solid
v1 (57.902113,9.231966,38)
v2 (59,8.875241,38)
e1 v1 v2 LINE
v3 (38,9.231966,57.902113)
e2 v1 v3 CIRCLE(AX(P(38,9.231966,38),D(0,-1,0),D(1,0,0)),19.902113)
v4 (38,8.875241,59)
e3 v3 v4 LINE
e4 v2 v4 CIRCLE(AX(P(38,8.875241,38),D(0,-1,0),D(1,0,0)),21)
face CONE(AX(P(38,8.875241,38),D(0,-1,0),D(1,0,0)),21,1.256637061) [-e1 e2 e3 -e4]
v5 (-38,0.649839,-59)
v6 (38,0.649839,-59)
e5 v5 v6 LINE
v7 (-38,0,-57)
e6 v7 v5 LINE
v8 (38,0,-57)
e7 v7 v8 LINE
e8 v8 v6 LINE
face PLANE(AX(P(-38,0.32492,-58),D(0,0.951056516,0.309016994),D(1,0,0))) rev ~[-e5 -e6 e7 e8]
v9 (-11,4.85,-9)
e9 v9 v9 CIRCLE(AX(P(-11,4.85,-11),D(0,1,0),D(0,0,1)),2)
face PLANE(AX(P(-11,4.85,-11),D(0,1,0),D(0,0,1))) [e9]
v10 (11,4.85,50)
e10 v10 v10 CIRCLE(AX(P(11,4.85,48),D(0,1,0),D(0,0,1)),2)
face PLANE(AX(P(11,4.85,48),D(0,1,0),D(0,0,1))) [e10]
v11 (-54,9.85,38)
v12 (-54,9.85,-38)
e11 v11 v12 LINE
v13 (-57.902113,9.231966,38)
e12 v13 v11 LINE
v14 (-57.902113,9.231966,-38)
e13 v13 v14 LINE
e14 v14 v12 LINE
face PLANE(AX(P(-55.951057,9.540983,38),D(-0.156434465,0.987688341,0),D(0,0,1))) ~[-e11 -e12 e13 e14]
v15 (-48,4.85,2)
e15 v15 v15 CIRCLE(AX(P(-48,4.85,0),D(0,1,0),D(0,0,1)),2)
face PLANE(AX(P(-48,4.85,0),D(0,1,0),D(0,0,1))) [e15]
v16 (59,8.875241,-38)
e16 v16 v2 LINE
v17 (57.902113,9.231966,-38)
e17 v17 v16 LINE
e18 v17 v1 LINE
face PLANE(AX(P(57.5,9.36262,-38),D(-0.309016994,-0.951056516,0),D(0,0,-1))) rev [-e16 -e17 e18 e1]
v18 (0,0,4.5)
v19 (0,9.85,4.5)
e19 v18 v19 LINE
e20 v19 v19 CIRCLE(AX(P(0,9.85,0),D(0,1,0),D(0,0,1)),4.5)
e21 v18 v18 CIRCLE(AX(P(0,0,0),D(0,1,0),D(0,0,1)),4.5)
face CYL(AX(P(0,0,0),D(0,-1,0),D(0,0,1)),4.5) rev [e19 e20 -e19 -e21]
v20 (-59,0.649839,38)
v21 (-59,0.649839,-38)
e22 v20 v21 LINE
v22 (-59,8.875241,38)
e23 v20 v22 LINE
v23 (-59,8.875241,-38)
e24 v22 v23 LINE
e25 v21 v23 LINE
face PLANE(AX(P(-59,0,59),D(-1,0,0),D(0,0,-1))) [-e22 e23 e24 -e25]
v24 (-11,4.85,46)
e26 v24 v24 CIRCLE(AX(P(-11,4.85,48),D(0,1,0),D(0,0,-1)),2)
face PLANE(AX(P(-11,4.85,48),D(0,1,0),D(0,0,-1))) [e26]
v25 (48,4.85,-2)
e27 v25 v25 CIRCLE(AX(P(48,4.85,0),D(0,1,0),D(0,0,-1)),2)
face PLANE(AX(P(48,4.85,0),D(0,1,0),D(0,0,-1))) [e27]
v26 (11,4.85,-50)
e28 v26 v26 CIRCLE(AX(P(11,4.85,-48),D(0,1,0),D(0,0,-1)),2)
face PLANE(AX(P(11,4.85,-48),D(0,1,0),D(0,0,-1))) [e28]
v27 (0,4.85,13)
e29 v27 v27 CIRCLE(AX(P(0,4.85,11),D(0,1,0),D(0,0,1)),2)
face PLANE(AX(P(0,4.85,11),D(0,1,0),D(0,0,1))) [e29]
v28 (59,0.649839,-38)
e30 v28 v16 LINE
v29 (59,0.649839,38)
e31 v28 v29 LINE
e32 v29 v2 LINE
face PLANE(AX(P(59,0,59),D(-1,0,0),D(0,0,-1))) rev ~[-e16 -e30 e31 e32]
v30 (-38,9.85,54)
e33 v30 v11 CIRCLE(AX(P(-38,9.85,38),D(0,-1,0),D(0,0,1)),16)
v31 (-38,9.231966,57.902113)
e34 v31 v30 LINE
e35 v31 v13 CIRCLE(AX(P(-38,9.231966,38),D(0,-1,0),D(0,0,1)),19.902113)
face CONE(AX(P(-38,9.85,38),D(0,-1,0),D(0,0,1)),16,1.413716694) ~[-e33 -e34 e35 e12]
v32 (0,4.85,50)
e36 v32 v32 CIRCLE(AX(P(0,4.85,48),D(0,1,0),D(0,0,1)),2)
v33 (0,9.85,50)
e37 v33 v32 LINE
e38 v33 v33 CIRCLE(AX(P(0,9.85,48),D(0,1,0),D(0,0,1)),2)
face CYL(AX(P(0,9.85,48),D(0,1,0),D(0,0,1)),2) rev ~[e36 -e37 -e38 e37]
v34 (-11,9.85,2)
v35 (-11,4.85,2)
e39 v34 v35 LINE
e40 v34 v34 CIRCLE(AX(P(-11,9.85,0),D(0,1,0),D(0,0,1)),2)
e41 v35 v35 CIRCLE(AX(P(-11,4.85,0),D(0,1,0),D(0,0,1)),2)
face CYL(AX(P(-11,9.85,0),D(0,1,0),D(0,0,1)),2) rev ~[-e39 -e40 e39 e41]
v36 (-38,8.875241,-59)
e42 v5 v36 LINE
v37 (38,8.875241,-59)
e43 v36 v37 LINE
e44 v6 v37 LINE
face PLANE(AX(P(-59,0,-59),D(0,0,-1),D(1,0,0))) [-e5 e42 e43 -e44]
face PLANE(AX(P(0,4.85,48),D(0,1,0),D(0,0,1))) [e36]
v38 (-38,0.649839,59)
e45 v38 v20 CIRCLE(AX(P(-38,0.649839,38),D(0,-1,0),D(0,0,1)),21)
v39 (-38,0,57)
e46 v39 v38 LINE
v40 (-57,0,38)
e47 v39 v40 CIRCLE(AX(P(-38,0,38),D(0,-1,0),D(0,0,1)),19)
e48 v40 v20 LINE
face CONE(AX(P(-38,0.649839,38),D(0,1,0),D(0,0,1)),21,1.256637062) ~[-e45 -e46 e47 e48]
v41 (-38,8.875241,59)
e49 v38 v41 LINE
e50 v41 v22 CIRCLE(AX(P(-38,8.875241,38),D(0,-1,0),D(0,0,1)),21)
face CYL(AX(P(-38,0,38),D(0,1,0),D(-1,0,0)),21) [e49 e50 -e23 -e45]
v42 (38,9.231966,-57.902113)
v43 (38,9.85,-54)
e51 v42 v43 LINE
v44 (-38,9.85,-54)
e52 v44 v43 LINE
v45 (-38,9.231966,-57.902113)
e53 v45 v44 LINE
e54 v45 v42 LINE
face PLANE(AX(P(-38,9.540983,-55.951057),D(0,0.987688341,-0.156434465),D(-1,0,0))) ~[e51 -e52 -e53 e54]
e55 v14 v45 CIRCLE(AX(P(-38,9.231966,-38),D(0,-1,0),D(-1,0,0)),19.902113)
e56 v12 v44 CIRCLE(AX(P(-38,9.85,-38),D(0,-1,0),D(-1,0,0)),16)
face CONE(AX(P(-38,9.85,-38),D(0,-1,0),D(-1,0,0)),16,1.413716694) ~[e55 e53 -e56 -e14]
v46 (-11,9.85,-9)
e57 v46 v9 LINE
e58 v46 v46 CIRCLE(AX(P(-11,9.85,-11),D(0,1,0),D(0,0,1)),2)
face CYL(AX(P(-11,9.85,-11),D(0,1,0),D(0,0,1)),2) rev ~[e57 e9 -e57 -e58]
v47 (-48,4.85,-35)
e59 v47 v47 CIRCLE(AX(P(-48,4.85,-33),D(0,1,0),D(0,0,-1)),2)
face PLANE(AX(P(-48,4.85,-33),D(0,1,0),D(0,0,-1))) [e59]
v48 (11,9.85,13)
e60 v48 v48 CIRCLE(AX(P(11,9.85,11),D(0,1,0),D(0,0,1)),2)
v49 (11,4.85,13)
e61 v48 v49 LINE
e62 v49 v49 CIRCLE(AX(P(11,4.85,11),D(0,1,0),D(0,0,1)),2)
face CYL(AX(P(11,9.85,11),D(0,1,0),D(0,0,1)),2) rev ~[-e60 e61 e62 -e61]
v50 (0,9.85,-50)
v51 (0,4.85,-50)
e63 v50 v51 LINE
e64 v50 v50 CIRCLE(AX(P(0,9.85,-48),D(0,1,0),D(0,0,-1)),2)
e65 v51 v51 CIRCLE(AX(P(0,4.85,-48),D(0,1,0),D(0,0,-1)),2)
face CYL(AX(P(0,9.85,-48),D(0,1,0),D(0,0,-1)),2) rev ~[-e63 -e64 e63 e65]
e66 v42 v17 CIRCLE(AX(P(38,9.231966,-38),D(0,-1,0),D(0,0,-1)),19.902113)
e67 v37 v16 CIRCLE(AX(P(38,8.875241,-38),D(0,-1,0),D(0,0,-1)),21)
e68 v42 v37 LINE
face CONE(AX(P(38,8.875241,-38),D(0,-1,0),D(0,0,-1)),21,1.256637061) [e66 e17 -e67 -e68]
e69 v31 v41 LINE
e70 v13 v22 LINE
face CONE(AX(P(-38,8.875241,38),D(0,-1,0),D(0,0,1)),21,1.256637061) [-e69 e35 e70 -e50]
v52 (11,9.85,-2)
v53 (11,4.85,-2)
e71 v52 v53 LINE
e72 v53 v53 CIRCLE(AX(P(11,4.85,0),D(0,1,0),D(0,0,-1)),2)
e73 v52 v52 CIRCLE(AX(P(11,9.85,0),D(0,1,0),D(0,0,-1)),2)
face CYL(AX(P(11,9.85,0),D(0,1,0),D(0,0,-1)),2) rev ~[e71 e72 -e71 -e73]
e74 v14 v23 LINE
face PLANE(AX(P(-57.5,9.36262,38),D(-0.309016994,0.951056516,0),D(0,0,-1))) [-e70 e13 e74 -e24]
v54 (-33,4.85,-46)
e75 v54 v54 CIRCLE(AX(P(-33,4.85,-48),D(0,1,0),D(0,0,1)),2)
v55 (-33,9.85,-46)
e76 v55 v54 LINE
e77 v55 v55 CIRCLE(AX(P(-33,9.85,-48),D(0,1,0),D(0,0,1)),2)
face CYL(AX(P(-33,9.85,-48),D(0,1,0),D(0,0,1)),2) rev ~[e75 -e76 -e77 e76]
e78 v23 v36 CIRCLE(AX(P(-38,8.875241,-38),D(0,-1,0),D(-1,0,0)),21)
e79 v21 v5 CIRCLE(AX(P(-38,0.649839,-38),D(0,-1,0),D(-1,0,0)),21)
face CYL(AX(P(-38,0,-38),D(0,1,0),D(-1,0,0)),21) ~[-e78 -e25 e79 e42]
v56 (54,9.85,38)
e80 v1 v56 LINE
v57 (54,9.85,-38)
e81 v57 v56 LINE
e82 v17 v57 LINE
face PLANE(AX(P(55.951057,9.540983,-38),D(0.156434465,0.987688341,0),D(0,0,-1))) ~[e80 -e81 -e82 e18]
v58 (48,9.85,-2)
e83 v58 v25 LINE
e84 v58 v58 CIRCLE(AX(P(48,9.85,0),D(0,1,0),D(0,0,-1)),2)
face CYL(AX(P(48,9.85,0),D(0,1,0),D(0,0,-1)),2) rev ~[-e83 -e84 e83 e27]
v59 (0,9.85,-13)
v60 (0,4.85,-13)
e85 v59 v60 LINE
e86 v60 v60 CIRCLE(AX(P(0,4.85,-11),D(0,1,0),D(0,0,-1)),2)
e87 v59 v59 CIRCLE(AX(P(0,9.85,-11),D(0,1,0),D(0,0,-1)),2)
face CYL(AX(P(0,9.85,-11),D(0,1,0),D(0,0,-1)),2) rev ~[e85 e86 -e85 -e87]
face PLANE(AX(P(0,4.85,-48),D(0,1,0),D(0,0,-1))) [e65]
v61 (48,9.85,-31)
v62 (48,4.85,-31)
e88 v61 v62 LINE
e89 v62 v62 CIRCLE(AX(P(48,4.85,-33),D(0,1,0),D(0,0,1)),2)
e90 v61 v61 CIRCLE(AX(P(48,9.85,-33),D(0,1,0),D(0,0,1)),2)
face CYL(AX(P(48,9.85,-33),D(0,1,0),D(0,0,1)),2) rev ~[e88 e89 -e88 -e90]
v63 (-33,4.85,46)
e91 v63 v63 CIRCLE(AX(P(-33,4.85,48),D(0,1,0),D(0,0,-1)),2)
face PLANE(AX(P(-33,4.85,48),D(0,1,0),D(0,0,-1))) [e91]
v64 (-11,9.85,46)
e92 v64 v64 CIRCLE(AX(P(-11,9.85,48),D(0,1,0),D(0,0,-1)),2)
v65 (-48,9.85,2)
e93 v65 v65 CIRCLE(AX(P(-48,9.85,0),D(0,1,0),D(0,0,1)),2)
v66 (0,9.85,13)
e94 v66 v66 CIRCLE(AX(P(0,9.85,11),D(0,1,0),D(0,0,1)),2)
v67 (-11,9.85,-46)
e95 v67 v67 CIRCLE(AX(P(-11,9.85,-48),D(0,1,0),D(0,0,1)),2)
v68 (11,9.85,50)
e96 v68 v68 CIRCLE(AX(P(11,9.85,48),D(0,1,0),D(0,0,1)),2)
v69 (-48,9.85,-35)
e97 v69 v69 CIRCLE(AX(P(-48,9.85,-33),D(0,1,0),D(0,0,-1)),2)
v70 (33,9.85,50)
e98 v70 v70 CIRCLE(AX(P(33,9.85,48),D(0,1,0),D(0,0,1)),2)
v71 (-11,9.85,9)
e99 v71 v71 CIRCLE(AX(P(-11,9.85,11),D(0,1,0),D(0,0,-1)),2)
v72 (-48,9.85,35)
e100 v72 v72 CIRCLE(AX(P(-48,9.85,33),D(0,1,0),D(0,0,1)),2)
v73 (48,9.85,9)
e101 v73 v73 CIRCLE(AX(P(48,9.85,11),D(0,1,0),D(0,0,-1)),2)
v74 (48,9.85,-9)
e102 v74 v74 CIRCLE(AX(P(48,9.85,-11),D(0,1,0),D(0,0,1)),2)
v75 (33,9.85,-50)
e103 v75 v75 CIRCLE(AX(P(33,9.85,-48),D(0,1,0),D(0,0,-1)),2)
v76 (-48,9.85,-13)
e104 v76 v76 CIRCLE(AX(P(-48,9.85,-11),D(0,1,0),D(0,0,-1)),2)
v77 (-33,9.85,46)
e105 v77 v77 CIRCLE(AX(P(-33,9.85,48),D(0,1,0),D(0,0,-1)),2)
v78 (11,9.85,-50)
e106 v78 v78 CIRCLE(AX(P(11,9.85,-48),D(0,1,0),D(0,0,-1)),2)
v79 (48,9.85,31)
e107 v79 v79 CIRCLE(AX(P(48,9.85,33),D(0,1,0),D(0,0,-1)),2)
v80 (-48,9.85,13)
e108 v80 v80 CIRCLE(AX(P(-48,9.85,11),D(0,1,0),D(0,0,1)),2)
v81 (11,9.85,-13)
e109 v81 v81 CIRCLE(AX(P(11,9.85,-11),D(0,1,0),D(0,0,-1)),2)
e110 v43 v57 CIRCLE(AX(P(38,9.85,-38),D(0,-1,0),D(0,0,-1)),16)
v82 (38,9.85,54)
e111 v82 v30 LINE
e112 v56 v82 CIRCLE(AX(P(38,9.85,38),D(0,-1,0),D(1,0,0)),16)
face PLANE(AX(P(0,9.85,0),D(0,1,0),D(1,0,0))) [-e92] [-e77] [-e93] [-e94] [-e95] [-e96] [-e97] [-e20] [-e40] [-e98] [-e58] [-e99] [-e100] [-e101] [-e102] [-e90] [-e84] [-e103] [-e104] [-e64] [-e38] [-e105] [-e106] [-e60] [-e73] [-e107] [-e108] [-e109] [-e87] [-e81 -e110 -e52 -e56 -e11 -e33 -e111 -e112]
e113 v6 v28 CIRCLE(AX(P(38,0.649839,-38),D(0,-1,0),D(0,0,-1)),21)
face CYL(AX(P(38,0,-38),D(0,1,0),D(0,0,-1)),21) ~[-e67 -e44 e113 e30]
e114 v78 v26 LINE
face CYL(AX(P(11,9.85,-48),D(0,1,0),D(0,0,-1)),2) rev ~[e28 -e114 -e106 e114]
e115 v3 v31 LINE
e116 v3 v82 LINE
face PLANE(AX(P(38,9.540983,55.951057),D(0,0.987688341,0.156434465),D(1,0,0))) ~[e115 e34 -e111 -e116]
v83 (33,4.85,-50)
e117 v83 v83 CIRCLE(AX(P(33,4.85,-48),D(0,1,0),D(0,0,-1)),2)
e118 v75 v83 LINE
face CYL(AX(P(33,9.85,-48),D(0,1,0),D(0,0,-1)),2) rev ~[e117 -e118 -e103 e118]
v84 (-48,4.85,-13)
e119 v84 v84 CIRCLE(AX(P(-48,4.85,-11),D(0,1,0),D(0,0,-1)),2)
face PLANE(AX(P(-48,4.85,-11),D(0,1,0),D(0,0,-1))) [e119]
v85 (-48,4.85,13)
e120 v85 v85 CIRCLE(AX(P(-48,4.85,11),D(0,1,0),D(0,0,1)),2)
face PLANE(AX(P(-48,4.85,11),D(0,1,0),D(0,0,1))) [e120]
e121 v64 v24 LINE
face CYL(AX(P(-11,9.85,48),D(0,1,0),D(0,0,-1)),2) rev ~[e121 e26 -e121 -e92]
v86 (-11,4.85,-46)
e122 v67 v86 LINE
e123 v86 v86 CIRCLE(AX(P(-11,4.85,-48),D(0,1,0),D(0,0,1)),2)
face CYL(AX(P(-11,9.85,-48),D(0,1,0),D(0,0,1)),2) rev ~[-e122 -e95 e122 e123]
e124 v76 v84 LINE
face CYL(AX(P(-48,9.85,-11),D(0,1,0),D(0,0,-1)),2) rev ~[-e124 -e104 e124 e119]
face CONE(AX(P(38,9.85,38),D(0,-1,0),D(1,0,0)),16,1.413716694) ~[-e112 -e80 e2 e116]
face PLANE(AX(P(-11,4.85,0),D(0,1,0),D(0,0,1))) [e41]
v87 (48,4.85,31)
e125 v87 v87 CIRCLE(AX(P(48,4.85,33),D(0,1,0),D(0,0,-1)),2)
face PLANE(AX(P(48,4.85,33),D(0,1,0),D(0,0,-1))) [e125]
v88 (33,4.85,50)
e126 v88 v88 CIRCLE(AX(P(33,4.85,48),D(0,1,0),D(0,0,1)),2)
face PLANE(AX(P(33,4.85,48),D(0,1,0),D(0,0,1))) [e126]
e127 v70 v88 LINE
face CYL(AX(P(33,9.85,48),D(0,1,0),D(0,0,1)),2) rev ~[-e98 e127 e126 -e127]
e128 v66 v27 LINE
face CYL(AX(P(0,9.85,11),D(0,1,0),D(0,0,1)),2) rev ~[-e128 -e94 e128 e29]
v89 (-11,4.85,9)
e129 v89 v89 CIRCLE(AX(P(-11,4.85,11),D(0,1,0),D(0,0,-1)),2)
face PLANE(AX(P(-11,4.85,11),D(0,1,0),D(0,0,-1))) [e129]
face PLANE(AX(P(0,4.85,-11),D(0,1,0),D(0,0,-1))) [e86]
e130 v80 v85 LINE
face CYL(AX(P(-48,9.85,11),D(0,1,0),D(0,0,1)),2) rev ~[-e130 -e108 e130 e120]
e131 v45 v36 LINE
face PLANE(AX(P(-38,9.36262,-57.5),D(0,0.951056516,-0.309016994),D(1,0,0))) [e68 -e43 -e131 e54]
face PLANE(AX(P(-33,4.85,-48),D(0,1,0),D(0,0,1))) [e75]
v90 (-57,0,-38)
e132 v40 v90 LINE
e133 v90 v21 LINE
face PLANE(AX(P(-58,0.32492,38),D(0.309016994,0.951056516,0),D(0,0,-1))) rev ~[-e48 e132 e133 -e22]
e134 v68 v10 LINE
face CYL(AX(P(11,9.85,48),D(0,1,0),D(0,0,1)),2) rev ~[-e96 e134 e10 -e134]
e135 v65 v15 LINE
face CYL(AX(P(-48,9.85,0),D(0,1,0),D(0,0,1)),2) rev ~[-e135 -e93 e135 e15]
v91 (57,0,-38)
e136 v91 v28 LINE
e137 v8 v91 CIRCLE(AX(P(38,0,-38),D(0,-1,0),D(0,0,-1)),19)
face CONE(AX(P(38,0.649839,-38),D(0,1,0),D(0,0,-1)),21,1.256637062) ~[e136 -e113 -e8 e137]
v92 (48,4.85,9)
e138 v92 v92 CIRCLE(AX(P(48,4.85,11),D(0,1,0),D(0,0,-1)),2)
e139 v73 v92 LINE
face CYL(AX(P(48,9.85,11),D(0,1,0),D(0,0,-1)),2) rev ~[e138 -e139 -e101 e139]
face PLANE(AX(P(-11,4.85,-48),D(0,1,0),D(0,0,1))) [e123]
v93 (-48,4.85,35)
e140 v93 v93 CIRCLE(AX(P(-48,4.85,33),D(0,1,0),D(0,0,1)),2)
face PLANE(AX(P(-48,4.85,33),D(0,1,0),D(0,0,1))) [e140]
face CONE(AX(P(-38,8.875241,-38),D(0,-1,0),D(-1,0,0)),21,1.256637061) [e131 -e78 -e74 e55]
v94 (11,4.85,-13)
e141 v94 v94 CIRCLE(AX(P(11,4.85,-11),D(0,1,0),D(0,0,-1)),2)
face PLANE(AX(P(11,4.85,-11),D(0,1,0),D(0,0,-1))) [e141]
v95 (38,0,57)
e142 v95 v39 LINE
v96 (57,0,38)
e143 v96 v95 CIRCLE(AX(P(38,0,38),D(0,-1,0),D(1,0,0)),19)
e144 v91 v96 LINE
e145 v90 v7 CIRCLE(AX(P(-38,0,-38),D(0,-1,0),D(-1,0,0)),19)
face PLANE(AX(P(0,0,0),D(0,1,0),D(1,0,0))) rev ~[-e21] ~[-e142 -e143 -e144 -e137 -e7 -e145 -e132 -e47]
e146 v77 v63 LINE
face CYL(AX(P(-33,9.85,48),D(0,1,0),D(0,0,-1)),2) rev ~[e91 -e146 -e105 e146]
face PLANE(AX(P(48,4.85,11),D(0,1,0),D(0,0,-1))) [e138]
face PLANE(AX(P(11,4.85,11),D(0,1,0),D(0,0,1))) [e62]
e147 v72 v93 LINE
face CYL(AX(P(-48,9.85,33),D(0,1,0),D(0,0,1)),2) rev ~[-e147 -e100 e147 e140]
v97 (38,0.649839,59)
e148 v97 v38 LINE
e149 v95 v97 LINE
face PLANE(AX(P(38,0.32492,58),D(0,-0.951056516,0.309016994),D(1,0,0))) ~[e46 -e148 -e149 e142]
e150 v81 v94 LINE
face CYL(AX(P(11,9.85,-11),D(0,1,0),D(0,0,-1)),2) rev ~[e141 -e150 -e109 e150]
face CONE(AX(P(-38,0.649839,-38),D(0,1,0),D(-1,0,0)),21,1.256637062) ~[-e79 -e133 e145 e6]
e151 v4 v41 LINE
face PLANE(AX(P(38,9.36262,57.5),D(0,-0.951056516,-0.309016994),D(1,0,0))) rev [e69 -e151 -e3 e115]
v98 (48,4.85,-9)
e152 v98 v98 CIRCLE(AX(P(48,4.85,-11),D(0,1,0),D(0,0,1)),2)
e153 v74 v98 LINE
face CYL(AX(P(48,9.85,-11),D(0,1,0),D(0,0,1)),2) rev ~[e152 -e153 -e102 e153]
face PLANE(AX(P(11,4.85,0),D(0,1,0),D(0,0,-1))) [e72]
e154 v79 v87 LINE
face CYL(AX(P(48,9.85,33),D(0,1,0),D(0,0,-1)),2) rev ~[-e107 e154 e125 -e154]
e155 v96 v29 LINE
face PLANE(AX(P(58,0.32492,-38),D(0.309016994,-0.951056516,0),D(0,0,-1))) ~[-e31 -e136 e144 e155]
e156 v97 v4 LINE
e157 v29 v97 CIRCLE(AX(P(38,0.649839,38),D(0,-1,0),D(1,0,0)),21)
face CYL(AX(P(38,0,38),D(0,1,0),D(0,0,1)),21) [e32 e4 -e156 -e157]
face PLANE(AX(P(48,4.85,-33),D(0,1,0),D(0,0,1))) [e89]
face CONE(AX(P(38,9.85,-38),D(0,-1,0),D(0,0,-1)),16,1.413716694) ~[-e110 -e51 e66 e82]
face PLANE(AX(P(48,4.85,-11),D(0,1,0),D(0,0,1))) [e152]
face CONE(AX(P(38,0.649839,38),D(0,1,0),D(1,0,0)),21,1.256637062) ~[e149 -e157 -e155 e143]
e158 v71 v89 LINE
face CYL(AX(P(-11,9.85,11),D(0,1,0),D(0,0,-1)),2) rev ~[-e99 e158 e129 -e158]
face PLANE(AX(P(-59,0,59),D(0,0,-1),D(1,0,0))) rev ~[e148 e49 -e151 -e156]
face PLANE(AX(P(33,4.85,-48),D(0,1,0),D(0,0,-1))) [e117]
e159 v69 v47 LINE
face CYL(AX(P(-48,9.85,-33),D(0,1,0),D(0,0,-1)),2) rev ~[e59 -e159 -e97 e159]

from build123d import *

# Parameters (mm, degrees)
SKETCH1_W           = 118
SKETCH1_H           = 118
SKETCH1_R           = 4.5
BOSS_EXTRUDE1_DEPTH = 9.85
SKETCH2_R           = 2
CUT_EXTRUDE1_DEPTH  = 5
FILLET1_R           = 21
CHAMFER1_SIZE       = 2
CHAMFER1_SIZE2      = 0.649839392
CHAMFER2_SIZE       = 3
CHAMFER2_SIZE2      = 0.974759089
CHAMFER3_SIZE       = 2


with BuildPart() as part:
    # Sketch1 → Boss-Extrude1 (new body)
    with BuildSketch(Plane(origin=(0, 0, 0), x_dir=(1, 0, 0), z_dir=(0, 1, 0))):
        Rectangle(SKETCH1_W, SKETCH1_H)
        with Locations(Location((0, 0, 0), (0, 0, 270))):
            Circle(SKETCH1_R, mode=Mode.SUBTRACT)
    extrude(amount=BOSS_EXTRUDE1_DEPTH)

    # Sketch2 → Cut-Extrude1 (cut)
    with BuildSketch(Plane(origin=(0, 9.85, 0), x_dir=(1, 0, 0), z_dir=(0, 1, 0))):
        with Locations(Location((0, -48, 0), (0, 0, 270))):
            Circle(SKETCH2_R)
        with Locations(Location((11, -48, 0), (0, 0, 270))):
            Circle(SKETCH2_R)
        with Locations(Location((33, -48, 0), (0, 0, 270))):
            Circle(SKETCH2_R)
        with Locations(Location((-33, -48, 0), (0, 0, 90))):
            Circle(SKETCH2_R)
        with Locations(Location((-11, -48, 0), (0, 0, 90))):
            Circle(SKETCH2_R)
        with Locations(Location((0, -11, 0), (0, 0, 270))):
            Circle(SKETCH2_R)
        with Locations(Location((11, -11, 0), (0, 0, 270))):
            Circle(SKETCH2_R)
        with Locations(Location((-11, -11, 0), (0, 0, 90))):
            Circle(SKETCH2_R)
        with Locations(Location((-11, 0, 0), (0, 0, 270))):
            Circle(SKETCH2_R)
        with Locations(Location((-11, 11, 0), (0, 0, 270))):
            Circle(SKETCH2_R)
        with Locations(Location((11, 11, 0), (0, 0, 90))):
            Circle(SKETCH2_R)
        with Locations(Location((0, 11, 0), (0, 0, 90))):
            Circle(SKETCH2_R)
        with Locations(Location((-11, 48, 0), (0, 0, 270))):
            Circle(SKETCH2_R)
        with Locations(Location((-33, 48, 0), (0, 0, 270))):
            Circle(SKETCH2_R)
        with Locations(Location((33, 48, 0), (0, 0, 90))):
            Circle(SKETCH2_R)
        with Locations(Location((11, 48, 0), (0, 0, 90))):
            Circle(SKETCH2_R)
        with Locations(Location((0, 48, 0), (0, 0, 90))):
            Circle(SKETCH2_R)
        with Locations(Location((11, 0, 0), (0, 0, 90))):
            Circle(SKETCH2_R)
        with Locations(Location((48, 11, 0), (0, 0, 270))):
            Circle(SKETCH2_R)
        with Locations(Location((48, 33, 0), (0, 0, 270))):
            Circle(SKETCH2_R)
        with Locations(Location((48, -33, 0), (0, 0, 90))):
            Circle(SKETCH2_R)
        with Locations(Location((48, -11, 0), (0, 0, 90))):
            Circle(SKETCH2_R)
        with Locations(Location((48, 0, 0), (0, 0, 90))):
            Circle(SKETCH2_R)
        with Locations(Location((-48, 0, 0), (0, 0, 270))):
            Circle(SKETCH2_R)
        with Locations(Location((-48, -11, 0), (0, 0, 270))):
            Circle(SKETCH2_R)
        with Locations(Location((-48, -33, 0), (0, 0, 270))):
            Circle(SKETCH2_R)
        with Locations(Location((-48, 33, 0), (0, 0, 90))):
            Circle(SKETCH2_R)
        with Locations(Location((-48, 11, 0), (0, 0, 90))):
            Circle(SKETCH2_R)
    extrude(amount=-CUT_EXTRUDE1_DEPTH, mode=Mode.SUBTRACT)

    # Fillet1
    fillet1_edges = [part.edges().sort_by_distance(p)[0] for p in [
        (59, 4.925, 59),
        (-59, 4.925, 59),
        (-59, 4.925, -59),
        (59, 4.925, -59),
    ]]
    fillet(fillet1_edges, radius=FILLET1_R)

    # Chamfer1
    chamfer1_edges = [part.edges().sort_by_distance(p)[0] for p in [
        (0, 0, -59),
        (59, 0, 0),
        (0, 0, 59),
        (-59, 0, 0),
        (52.849242405, 0, 52.849242405),
        (-52.849242405, 0, 52.849242405),
        (-52.849242405, 0, -52.849242405),
        (52.849242405, 0, -52.849242405),
    ]]
    chamfer1_side = [part.faces().sort_by_distance(p)[0] for p in [
        (0, 0, 57.331227996),
    ]]
    chamfer(chamfer1_edges, length=CHAMFER1_SIZE, length2=CHAMFER1_SIZE2, reference=chamfer1_side[0])

    # Chamfer2
    chamfer2_edges = [part.edges().sort_by_distance(p)[0] for p in [
        (0, 9.85, -59),
        (59, 9.85, 0),
        (-59, 9.85, 0),
        (0, 9.85, 59),
        (52.849242405, 9.85, 52.849242405),
        (-52.849242405, 9.85, 52.849242405),
        (-52.849242405, 9.85, -52.849242405),
        (52.849242405, 9.85, -52.849242405),
    ]]
    chamfer2_side = [part.faces().sort_by_distance(p)[0] for p in [
        (0, 9.85, 57.331227996),
    ]]
    chamfer(chamfer2_edges, length=CHAMFER2_SIZE, length2=CHAMFER2_SIZE2, reference=chamfer2_side[0])

    # Chamfer3
    chamfer3_edges = [part.edges().sort_by_distance(p)[0] for p in [
        (-50.727922061, 9.85, 50.727922061),
        (0, 9.85, 56),
        (-56, 9.85, 0),
        (50.727922061, 9.85, 50.727922061),
        (-50.727922061, 9.85, -50.727922061),
        (56, 9.85, 0),
        (0, 9.85, -56),
        (50.727922061, 9.85, -50.727922061),
    ]]
    chamfer(chamfer3_edges, length=CHAMFER3_SIZE)


solid = part.part
